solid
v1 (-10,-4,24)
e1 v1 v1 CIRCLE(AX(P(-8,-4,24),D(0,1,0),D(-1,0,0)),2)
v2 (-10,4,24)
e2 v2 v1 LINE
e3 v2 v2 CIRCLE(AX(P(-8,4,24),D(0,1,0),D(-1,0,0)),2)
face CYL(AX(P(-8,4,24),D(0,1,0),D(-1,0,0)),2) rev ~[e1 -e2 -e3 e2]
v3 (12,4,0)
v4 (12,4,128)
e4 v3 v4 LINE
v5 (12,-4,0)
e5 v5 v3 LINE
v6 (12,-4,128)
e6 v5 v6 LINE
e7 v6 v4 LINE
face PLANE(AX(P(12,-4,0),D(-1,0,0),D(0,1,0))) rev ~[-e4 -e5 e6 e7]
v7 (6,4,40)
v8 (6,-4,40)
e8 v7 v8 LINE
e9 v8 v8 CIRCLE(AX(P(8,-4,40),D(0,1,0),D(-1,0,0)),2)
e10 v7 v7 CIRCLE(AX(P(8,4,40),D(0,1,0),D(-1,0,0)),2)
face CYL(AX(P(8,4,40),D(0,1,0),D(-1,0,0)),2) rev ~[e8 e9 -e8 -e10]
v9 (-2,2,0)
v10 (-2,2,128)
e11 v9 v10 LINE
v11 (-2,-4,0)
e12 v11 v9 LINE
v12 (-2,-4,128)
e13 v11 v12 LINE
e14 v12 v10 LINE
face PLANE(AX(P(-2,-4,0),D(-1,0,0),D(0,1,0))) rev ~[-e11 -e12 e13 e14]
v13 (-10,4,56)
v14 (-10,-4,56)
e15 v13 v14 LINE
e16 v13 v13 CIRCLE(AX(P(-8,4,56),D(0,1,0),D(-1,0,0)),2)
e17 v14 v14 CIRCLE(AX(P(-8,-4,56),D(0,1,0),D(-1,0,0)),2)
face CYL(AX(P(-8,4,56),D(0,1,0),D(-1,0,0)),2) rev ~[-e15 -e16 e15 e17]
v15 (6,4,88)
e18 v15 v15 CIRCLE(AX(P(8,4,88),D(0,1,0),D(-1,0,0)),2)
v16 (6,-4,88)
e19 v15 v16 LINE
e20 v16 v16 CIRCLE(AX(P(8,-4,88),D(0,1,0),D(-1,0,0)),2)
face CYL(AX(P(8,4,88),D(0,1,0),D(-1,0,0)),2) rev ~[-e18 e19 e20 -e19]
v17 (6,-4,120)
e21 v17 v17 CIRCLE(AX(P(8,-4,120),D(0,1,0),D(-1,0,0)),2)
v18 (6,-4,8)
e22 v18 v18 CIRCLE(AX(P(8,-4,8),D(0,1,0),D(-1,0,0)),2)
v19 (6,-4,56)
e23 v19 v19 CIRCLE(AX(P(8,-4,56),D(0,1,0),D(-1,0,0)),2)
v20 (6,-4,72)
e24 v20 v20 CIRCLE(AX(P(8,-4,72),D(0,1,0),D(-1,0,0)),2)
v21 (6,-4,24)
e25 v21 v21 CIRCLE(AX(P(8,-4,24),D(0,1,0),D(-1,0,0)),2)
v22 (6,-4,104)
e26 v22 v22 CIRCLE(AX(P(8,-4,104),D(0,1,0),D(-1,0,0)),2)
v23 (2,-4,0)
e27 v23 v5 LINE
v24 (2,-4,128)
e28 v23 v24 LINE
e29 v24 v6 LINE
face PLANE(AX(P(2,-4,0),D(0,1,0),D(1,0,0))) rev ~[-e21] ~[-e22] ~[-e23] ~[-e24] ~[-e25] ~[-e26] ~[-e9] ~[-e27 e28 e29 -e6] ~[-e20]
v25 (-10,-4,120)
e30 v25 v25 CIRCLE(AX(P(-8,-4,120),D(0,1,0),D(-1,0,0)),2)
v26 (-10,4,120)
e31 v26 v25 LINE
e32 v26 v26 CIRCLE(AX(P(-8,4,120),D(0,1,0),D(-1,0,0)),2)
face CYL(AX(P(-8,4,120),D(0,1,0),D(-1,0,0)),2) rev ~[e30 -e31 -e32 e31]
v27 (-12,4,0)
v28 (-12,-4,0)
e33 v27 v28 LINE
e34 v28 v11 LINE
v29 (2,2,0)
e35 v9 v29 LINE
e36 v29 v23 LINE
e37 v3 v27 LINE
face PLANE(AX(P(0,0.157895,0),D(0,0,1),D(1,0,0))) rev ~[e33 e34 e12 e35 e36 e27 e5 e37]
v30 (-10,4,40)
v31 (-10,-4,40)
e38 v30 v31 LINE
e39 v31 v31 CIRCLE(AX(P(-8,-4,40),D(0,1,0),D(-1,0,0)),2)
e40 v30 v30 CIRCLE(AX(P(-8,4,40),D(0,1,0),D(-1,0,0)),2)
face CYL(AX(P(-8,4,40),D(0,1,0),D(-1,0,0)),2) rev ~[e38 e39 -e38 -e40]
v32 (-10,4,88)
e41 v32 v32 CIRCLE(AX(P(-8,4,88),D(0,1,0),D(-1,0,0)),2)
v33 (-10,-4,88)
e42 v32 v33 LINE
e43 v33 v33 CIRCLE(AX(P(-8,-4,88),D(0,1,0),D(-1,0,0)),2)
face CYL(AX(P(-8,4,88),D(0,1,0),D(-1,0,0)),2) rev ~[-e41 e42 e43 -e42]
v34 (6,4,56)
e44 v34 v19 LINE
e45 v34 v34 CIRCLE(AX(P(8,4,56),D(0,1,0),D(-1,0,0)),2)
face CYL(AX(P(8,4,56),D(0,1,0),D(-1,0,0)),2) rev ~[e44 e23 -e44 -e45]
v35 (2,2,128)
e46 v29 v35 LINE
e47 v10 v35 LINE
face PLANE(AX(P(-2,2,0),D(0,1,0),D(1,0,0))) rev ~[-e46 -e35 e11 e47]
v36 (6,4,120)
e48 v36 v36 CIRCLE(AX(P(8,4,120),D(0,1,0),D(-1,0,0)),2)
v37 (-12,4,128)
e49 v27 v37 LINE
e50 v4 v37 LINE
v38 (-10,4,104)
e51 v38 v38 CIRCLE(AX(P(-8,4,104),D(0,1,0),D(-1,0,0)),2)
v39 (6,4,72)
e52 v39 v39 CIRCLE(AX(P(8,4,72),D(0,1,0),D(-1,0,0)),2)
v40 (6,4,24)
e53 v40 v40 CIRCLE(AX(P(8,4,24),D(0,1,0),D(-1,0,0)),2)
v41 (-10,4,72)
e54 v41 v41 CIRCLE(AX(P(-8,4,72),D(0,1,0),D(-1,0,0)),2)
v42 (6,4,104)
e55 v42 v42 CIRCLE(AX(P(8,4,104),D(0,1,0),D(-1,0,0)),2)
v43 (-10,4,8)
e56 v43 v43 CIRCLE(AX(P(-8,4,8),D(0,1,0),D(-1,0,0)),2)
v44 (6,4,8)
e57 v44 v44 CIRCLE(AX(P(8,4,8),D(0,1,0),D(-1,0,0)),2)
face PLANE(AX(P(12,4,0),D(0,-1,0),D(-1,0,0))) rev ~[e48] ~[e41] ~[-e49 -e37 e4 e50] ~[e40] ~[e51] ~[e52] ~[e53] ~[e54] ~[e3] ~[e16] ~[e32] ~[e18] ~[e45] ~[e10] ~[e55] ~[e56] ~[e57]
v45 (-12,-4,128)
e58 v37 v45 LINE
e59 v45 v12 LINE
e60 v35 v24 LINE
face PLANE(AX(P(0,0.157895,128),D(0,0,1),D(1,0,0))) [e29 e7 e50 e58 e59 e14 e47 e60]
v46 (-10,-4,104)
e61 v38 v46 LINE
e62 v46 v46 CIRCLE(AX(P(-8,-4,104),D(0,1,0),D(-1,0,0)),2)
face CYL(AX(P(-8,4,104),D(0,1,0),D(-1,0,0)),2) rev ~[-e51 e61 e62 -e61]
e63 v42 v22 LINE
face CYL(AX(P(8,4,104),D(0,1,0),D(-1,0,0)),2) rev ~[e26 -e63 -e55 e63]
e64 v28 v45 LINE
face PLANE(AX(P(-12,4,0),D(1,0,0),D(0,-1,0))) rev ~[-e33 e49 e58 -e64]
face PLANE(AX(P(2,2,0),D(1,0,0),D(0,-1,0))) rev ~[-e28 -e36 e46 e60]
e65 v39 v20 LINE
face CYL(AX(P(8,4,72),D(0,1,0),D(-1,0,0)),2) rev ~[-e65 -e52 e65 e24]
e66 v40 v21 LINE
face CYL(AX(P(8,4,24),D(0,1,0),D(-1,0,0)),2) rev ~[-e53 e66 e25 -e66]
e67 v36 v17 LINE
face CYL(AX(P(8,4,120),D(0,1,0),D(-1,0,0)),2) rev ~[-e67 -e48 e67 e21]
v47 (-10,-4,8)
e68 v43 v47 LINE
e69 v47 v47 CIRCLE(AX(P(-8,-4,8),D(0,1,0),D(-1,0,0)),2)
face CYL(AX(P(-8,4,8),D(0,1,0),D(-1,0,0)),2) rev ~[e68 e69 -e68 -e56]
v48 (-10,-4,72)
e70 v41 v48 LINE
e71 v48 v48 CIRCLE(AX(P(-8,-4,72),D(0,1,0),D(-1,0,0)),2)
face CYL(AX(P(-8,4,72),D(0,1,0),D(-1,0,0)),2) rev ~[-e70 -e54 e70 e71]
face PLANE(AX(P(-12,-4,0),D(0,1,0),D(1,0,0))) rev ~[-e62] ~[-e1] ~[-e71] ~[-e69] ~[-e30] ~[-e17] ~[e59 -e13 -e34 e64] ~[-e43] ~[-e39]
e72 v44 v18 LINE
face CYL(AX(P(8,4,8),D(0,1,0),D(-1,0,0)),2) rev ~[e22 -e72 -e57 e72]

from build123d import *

# Parameters (mm, degrees)
F1_DEPTH = 128
F2_R     = 2
F3_DEPTH = 25


with BuildPart() as f1:
    # F0 (on Top) → F1 (new body)
    with BuildSketch(Plane.XY):
        Polygon((12, -4), (12, 4), (-12, 4), (-12, -4), (-2, -4), (-2, 2), (2, 2), (2, -4), align=None)
    extrude(amount=F1_DEPTH)

    # F2 (on face) → F3 (cut)
    with BuildSketch(Plane(origin=(0, 4, 0), x_dir=(-1, 0, 0), z_dir=(0, 1, 0))):
        with Locations((-8, 8)):
            Circle(F2_R)
        with Locations((-8, 24)):
            Circle(F2_R)
        with Locations((-8, 40)):
            Circle(F2_R)
        with Locations((-8, 56)):
            Circle(F2_R)
        with Locations((-8, 72)):
            Circle(F2_R)
        with Locations((8, 8)):
            Circle(F2_R)
        with Locations((8, 24)):
            Circle(F2_R)
        with Locations((8, 40)):
            Circle(F2_R)
        with Locations((8, 56)):
            Circle(F2_R)
        with Locations((8, 72)):
            Circle(F2_R)
        with Locations((-8, 88)):
            Circle(F2_R)
        with Locations((-8, 104)):
            Circle(F2_R)
        with Locations((-8, 120)):
            Circle(F2_R)
        with Locations((8, 88)):
            Circle(F2_R)
        with Locations((8, 104)):
            Circle(F2_R)
        with Locations((8, 120)):
            Circle(F2_R)
    extrude(amount=-F3_DEPTH, mode=Mode.SUBTRACT)


solid = f1.part
